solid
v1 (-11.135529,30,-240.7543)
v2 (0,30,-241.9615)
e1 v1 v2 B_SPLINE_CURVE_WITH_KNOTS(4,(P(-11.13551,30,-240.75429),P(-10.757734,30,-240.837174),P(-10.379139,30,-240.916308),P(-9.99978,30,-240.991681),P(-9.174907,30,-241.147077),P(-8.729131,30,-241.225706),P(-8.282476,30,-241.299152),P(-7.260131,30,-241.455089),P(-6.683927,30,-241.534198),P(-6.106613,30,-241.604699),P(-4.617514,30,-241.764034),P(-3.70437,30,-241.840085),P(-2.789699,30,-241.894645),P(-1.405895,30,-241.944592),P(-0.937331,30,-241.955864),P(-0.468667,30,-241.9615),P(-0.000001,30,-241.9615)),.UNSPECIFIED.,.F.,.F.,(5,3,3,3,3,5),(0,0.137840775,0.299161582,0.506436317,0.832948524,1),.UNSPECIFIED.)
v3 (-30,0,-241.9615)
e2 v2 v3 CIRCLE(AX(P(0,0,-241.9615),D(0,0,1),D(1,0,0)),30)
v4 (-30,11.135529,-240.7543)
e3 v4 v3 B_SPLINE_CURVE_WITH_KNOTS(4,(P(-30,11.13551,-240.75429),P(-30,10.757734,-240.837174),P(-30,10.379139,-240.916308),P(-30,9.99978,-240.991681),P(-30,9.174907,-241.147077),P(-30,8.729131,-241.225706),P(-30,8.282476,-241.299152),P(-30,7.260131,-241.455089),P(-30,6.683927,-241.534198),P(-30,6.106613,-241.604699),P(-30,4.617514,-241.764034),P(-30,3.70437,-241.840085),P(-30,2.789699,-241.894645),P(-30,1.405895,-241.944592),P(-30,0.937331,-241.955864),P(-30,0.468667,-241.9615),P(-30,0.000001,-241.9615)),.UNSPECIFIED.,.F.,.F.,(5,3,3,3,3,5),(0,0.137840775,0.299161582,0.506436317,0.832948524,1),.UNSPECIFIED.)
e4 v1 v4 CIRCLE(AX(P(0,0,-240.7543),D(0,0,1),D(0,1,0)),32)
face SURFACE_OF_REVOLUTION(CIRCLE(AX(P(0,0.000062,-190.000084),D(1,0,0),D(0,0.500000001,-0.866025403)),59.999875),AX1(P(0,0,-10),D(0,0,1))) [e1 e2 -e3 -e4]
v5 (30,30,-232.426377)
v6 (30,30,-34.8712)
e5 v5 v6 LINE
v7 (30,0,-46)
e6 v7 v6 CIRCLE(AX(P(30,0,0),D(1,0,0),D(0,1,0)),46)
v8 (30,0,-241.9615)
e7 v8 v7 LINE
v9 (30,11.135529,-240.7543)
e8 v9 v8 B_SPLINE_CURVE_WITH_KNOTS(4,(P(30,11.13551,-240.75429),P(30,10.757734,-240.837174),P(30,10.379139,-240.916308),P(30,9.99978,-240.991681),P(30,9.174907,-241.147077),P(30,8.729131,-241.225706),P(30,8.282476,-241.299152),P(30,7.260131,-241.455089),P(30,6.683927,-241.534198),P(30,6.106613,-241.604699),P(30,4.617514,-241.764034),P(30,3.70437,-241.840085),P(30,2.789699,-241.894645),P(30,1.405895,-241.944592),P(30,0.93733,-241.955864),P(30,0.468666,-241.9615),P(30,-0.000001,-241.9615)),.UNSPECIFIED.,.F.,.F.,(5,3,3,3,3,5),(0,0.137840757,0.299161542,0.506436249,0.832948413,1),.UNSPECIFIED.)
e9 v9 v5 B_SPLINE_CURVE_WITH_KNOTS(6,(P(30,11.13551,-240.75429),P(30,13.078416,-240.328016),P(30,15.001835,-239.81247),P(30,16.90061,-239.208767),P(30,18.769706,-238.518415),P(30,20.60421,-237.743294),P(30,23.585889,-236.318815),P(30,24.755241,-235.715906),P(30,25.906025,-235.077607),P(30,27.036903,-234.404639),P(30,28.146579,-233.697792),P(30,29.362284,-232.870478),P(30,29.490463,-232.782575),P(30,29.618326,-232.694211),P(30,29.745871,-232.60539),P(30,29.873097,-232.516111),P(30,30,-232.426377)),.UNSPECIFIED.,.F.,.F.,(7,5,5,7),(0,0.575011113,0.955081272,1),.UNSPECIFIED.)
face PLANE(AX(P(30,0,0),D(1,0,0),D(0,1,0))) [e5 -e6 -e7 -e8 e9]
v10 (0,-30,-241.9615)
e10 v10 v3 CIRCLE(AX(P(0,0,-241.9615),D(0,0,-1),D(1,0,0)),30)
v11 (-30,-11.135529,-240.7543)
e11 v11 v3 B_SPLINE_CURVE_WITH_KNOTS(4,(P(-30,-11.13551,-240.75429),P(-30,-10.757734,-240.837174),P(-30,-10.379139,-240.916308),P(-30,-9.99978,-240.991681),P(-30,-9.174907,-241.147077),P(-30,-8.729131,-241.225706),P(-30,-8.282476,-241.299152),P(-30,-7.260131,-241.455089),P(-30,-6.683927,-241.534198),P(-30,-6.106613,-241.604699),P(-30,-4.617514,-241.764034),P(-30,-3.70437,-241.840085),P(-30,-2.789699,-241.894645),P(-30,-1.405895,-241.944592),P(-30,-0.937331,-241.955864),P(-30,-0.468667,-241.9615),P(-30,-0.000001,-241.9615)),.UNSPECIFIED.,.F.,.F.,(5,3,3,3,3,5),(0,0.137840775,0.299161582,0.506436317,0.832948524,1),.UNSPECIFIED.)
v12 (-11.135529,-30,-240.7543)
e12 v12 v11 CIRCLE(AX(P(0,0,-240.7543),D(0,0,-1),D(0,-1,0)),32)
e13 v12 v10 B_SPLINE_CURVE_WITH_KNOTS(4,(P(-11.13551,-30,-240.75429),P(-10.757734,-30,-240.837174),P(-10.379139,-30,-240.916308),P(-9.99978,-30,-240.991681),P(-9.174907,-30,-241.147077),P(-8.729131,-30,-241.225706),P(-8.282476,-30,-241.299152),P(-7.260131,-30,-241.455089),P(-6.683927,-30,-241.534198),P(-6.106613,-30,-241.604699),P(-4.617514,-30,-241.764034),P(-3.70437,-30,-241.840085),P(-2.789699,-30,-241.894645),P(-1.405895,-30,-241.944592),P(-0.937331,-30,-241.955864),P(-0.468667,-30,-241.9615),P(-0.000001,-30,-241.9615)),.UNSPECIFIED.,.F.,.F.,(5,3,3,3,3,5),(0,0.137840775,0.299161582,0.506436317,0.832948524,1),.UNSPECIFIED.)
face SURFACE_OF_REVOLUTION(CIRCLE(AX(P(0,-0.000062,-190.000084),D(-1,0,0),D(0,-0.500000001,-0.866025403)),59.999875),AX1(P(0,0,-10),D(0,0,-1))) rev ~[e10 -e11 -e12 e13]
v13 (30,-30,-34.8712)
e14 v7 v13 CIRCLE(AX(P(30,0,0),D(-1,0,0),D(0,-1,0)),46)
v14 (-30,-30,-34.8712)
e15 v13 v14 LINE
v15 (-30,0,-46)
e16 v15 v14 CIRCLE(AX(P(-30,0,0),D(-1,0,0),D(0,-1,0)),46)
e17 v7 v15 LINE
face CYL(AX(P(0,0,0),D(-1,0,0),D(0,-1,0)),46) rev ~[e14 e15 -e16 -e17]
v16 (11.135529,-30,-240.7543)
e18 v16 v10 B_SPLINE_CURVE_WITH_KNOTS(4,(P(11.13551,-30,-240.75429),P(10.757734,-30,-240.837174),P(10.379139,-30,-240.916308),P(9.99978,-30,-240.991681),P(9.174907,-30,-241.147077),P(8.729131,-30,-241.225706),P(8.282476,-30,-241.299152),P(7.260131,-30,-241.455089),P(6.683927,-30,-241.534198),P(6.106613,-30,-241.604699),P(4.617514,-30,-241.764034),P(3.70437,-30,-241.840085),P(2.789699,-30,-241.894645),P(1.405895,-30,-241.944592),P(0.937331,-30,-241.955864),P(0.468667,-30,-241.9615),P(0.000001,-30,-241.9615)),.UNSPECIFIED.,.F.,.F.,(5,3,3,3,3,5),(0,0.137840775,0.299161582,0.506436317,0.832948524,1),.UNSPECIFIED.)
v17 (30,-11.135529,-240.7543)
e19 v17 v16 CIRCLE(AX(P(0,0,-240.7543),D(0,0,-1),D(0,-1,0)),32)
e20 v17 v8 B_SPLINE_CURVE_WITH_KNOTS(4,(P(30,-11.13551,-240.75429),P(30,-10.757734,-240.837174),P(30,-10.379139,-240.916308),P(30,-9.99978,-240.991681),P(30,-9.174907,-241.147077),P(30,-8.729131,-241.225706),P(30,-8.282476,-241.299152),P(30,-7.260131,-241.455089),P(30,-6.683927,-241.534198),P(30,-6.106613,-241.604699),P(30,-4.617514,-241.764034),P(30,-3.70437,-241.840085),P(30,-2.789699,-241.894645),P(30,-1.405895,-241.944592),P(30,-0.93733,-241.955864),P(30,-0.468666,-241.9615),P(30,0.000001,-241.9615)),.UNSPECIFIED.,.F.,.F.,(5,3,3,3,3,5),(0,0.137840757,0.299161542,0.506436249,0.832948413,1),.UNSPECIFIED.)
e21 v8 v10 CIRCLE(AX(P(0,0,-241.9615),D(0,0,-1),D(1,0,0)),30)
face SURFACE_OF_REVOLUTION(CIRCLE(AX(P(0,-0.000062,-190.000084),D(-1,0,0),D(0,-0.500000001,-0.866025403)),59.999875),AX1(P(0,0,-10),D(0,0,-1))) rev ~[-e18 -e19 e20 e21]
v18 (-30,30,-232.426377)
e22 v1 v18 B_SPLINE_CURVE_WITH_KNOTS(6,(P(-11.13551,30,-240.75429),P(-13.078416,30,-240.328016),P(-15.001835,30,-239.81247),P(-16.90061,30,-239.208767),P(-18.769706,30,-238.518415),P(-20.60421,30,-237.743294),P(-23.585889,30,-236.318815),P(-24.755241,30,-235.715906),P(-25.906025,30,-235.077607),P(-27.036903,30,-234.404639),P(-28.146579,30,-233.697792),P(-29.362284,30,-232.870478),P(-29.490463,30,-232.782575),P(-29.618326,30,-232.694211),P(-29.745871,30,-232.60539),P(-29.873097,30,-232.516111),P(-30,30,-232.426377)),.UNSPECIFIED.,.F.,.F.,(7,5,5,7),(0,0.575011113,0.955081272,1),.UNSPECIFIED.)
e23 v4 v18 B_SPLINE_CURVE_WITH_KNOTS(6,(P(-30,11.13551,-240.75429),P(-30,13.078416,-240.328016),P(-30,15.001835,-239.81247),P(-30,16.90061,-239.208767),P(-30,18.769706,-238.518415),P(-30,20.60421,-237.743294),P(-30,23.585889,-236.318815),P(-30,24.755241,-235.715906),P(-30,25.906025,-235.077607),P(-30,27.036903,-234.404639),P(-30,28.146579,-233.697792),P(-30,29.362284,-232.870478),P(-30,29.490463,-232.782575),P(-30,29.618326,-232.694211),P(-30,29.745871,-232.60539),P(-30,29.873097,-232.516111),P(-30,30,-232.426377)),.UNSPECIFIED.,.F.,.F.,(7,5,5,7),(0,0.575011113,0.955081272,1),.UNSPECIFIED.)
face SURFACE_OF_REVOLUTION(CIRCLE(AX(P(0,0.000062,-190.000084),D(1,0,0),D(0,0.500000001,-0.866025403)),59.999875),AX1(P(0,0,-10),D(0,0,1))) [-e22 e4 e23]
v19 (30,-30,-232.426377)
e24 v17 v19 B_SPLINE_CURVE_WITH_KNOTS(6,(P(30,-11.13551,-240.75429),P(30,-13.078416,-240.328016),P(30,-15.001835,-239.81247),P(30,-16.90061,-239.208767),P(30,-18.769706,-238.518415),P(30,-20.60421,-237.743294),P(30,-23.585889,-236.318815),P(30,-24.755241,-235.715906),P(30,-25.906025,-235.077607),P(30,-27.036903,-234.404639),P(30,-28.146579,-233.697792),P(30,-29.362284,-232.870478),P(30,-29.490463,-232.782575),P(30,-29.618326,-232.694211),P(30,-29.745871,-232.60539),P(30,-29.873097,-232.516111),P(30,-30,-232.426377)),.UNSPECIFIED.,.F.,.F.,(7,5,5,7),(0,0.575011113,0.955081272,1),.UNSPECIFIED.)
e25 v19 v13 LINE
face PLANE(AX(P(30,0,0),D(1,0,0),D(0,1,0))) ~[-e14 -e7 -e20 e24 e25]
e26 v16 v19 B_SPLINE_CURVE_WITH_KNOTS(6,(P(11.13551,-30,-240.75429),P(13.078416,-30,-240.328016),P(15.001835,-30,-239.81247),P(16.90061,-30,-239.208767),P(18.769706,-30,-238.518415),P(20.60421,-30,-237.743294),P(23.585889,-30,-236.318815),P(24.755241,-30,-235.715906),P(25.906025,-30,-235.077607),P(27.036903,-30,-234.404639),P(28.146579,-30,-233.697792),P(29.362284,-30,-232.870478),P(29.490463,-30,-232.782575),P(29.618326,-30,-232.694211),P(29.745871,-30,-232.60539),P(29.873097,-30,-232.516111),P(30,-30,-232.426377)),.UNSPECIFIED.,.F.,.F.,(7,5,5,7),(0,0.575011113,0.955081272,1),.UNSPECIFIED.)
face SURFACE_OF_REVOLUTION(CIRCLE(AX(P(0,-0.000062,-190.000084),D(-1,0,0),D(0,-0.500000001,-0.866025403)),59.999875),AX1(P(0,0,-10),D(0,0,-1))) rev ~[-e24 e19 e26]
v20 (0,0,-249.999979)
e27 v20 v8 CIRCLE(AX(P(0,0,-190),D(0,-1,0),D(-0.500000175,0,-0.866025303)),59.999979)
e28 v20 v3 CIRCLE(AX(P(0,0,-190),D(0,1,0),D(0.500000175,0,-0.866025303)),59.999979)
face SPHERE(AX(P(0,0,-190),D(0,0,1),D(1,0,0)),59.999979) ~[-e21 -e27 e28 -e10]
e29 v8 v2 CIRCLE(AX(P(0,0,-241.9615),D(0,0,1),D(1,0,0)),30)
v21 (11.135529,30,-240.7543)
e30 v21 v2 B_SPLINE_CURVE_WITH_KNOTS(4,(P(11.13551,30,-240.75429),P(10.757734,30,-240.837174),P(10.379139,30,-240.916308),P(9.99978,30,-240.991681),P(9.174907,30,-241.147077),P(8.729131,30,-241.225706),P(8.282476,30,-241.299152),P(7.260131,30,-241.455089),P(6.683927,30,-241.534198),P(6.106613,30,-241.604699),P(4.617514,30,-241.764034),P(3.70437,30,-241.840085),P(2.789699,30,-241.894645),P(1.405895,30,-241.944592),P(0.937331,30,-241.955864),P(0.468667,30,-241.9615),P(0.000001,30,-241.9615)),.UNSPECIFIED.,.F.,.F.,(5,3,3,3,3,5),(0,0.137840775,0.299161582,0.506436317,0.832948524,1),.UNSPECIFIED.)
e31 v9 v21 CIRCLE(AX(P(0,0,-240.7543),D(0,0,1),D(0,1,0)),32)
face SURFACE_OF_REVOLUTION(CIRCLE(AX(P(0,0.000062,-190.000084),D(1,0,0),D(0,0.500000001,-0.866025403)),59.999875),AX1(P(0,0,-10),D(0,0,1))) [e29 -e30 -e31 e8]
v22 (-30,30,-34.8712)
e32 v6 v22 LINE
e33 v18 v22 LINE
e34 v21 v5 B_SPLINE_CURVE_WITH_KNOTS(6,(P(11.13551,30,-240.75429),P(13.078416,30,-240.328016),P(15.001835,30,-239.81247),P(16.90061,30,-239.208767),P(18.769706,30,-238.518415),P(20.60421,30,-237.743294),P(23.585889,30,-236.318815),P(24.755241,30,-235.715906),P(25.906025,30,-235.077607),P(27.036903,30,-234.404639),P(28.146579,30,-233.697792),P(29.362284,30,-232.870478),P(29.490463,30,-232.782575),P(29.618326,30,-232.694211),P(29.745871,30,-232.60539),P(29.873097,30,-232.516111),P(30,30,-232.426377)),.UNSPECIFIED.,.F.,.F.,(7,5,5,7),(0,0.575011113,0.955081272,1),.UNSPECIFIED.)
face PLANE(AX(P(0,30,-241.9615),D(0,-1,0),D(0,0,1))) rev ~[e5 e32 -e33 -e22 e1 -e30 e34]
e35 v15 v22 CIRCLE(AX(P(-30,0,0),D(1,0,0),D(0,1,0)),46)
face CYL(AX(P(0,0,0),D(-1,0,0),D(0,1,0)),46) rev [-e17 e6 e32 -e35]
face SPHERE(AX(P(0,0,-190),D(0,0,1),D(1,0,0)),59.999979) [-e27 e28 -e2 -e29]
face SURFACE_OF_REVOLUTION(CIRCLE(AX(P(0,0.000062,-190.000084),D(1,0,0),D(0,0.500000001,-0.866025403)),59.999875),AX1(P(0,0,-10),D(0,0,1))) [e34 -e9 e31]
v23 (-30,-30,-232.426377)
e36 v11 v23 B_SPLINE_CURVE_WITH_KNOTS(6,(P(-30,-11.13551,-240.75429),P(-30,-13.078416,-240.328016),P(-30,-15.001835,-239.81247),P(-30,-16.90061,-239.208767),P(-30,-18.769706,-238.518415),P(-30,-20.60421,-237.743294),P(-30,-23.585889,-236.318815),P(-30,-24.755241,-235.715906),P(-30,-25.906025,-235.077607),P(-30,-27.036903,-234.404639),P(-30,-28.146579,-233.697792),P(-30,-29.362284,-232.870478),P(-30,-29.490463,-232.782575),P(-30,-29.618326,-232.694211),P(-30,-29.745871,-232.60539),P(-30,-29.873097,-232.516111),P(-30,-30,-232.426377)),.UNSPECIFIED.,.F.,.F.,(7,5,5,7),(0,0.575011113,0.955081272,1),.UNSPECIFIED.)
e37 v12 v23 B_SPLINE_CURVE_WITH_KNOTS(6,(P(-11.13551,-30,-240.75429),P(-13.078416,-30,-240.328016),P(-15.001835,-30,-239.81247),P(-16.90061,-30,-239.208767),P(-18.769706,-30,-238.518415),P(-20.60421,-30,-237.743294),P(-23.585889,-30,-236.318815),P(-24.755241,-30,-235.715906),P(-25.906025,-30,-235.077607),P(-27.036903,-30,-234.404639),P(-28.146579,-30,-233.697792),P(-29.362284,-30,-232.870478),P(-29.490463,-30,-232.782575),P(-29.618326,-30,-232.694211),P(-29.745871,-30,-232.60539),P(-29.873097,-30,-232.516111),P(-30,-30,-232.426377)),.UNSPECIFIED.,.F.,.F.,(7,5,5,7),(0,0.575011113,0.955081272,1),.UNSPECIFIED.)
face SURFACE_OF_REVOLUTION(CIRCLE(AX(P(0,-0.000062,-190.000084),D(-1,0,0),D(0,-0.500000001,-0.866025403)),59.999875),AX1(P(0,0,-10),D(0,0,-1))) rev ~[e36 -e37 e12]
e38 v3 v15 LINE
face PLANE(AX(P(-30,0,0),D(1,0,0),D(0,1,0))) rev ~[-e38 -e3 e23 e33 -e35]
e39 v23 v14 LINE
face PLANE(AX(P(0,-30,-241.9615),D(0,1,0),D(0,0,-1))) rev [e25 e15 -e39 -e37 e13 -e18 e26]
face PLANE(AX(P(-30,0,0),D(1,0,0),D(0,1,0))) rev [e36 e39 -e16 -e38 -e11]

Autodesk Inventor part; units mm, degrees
ref_plane "YZ Plane" through (0, 0, 0) normal (1, 0, 0) x (0, 1, 0)
ref_plane "XZ Plane" through (0, 0, 0) normal (0, 1, 0) x (-1, 0, 0)
ref_plane "XY Plane" through (0, 0, 0) normal (0, 0, 1) x (1, 0, 0)
sketch "Sketch11" plane through (0, 0, 0) normal (1, 0, 0) x (0, 1, 0)
  line L0 (-2180.7929, 0) -> (12762.7576, 0) construction
  line L1 (0, -333.2) -> (0, 109.2) projected
  circle A0 centre (0, 0) radius 32.5
  circle A1 centre (0, 0) radius 46
  line L2 (-30, -34.8712) -> (-30, -241.9615)
  line L3 (-30, -241.9615) -> (30, -241.9615)
  line L4 (30, -241.9615) -> (30, -34.8712)
  arc A2 (-30, -241.9615) -> (30, -241.9615) centre (0, -190) ccw
  arc A3 (30, -241.9615) -> (50, -223.1662) centre (0, -190) ccw
  line L5 (0, -270) -> (50, -270)
  line L6 (50, -270) -> (50, -223.1662)
  arc A4 (30, -34.8712) -> (32, -240.7543) centre (10627.9646, -34.8712) ccw
  point P0 (-30, -241.9615)
  point P1 (0, -250)
  point P2 (0, -241.9615)
  point P3 (0, -185.7103)
  point P4 (0, -250)
  point P5 (0, -46)
  dimension "d77" = 65
  dimension "d78" = 92
  dimension "d79" = 60
  dimension "d85" = 20
  dimension "d86" = 20
  dimension "d87" = 60
  dimension "d89" = 32
  dimension "d90" = 250
extrude "Extrusion11" add sketch "Sketch11" along normal mid plane 60 contours L1 A1 L4 L3
revolve "Revolution1" add sketch "Sketch11" angle 180 mid plane about axis through (0, 0, -10) along (0, 0, 1) picked at (16.8404, -243.4348) contours L1 L3 A2
revolve "Revolution2" cut sketch "Sketch11" angle 360 about axis through (0, 0, -10) along (0, 0, 1) contours L1 A2 A3 L6 L5
mirror "Mirror1" about plane through (0, 0, 0) normal (0, 1, 0)
fillet "Fillet7" [suppressed]
properties part number "shank_2"
